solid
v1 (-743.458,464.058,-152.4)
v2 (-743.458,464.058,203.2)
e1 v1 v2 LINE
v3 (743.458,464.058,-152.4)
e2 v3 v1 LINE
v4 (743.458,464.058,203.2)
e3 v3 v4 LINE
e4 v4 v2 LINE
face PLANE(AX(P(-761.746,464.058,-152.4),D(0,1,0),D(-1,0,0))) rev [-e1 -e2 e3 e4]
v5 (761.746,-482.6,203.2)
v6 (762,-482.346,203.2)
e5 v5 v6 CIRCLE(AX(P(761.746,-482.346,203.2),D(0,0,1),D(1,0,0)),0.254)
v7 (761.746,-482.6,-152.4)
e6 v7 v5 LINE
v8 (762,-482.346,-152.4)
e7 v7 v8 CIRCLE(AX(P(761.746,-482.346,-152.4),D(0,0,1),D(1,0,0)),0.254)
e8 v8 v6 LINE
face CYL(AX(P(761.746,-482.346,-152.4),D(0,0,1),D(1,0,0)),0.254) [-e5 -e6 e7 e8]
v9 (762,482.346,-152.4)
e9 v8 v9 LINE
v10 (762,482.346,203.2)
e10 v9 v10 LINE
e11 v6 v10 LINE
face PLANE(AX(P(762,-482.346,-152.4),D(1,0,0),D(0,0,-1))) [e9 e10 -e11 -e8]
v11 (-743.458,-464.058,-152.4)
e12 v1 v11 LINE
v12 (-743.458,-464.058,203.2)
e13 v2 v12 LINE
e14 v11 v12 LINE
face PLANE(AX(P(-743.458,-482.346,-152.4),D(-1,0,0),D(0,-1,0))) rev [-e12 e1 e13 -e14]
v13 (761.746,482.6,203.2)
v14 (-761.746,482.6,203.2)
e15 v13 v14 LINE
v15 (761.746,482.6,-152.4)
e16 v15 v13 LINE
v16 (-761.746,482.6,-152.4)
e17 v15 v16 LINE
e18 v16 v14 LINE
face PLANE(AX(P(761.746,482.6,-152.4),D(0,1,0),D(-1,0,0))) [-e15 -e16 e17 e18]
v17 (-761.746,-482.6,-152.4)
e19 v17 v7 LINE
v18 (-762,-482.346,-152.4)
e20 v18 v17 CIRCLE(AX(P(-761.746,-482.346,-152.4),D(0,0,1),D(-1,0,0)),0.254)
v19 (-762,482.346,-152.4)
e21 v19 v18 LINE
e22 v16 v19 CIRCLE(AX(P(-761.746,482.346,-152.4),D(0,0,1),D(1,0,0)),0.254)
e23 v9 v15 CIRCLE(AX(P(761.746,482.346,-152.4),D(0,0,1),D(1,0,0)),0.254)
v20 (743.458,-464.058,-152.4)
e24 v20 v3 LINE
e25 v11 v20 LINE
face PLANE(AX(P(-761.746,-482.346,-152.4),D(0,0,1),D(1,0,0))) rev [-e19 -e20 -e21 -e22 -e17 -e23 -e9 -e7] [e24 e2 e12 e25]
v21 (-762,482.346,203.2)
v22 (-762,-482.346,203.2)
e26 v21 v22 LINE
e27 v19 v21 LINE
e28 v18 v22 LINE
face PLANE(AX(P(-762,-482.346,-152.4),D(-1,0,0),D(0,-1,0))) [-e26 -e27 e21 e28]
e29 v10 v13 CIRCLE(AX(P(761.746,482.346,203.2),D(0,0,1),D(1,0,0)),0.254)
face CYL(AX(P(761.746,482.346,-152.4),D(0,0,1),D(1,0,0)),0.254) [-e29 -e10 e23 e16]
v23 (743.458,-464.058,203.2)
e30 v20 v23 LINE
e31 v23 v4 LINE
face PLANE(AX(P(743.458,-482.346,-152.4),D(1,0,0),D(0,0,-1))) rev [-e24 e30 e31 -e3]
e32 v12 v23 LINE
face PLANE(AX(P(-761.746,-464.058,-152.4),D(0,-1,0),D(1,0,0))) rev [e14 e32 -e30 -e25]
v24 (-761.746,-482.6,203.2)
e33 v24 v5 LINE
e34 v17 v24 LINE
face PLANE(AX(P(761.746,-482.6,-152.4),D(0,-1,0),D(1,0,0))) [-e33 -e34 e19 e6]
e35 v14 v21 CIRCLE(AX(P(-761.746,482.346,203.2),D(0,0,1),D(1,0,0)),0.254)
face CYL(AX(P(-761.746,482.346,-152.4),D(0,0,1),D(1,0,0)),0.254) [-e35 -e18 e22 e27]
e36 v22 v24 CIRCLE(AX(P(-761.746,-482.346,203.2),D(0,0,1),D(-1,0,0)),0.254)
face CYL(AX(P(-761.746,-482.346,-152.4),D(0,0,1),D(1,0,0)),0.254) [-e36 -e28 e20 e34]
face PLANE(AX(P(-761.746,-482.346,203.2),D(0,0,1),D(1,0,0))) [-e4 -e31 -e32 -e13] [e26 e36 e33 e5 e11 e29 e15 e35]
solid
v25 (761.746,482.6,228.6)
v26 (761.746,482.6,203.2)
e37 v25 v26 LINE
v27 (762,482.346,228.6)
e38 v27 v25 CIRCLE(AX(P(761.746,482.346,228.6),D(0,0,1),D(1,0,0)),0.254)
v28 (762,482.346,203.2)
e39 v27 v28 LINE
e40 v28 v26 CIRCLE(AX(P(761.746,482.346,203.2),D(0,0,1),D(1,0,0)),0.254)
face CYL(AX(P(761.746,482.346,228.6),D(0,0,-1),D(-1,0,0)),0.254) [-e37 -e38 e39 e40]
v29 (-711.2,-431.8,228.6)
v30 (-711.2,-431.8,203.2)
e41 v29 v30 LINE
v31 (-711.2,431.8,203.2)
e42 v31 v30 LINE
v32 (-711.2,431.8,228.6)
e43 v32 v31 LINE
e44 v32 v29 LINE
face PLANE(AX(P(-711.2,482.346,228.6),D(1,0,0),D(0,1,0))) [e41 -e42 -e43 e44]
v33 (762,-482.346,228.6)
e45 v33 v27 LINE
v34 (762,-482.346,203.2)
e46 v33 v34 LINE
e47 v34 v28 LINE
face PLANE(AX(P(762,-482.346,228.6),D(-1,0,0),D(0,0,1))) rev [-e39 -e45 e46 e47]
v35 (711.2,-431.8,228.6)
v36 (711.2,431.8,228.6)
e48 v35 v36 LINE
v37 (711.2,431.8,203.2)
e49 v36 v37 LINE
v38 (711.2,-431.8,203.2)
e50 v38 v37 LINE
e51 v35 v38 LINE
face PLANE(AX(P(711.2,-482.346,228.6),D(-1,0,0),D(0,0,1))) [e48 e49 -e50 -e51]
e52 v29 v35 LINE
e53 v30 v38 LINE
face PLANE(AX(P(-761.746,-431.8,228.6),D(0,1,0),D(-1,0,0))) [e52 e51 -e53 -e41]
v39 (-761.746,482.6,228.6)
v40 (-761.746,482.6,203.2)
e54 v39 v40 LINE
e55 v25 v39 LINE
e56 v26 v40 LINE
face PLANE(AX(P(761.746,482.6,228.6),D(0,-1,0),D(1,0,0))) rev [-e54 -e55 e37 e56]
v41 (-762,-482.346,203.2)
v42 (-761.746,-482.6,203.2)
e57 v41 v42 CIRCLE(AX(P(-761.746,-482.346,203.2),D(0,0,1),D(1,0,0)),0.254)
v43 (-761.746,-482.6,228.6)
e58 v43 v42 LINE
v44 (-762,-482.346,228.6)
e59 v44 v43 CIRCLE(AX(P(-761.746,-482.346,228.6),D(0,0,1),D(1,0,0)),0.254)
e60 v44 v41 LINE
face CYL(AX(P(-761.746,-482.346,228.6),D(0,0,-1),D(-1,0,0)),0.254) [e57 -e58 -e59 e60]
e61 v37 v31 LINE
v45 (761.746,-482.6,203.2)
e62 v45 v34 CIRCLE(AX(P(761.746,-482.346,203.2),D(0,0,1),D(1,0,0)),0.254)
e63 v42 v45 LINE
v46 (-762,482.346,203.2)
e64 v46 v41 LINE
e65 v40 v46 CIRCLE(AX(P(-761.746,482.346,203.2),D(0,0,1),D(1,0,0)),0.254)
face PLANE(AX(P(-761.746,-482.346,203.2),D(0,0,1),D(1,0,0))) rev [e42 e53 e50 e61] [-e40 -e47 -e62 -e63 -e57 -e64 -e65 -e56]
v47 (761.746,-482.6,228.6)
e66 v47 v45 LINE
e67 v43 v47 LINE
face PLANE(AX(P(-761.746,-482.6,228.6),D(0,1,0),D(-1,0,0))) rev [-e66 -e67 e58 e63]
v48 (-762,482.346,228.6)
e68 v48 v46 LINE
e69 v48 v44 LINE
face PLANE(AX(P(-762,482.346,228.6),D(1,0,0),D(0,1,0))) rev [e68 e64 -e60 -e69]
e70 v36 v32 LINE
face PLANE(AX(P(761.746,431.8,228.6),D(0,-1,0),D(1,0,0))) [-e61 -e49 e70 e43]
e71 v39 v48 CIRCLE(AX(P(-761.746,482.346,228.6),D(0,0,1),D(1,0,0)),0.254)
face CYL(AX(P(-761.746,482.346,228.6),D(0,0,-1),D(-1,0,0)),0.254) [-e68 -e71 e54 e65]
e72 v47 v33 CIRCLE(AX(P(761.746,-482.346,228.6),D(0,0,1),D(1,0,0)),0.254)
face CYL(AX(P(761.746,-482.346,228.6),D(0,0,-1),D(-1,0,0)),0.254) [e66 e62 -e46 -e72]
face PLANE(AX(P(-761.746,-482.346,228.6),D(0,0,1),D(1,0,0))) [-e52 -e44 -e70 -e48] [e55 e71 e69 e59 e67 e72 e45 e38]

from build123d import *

# Parameters (mm, degrees)
EXTRUDE_THIN1_DEPTH      = 203.2
EXTRUDE_THIN1_DEPTH_BACK = 152.4
SKETCH1_W                = 1486.916
SKETCH1_H                = 928.116
SKETCH2_W                = 1422.4
SKETCH2_H                = 863.6
EXTRUDE_THIN2_DEPTH      = 25.4


with BuildPart() as part:
    # Sketch1 → Extrude-Thin1 (new, two sides: drawn at the far end of the back side and taken through both)
    with BuildSketch(Plane.XY.offset(-EXTRUDE_THIN1_DEPTH_BACK)):
        with BuildLine():
            Line((-761.746, 482.6), (761.746, 482.6))
            ThreePointArc((761.746, 482.6), (761.925605122, 482.525605122), (762, 482.346))
            Line((762, 482.346), (762, -482.346))
            ThreePointArc((762, -482.346), (761.925605123, -482.525605123), (761.746, -482.6))
            Line((761.746, -482.6), (-761.746, -482.6))
            ThreePointArc((-761.746, -482.6), (-761.925605122, -482.525605122), (-762, -482.346))
            Line((-762, -482.346), (-762, 482.346))
            ThreePointArc((-762, 482.346), (-761.925605122, 482.525605122), (-761.746, 482.6))
        make_face()
        Rectangle(SKETCH1_W, SKETCH1_H, mode=Mode.SUBTRACT)
    extrude(amount=EXTRUDE_THIN1_DEPTH + EXTRUDE_THIN1_DEPTH_BACK)


with BuildPart() as body_2:
    # Sketch2 → Extrude-Thin2 (new body)
    with BuildSketch(Plane.XY.offset(203.2)):
        with BuildLine():
            Line((-762, 482.346), (-762, -482.346))
            ThreePointArc((-762, -482.346), (-761.925605122, -482.525605123), (-761.746, -482.6))
            Line((-761.746, -482.6), (761.746, -482.6))
            ThreePointArc((761.746, -482.6), (761.925605122, -482.525605122), (762, -482.346))
            Line((762, -482.346), (762, 482.346))
            ThreePointArc((762, 482.346), (761.925605122, 482.525605122), (761.746, 482.6))
            Line((761.746, 482.6), (-761.746, 482.6))
            ThreePointArc((-761.746, 482.6), (-761.925605122, 482.525605122), (-762, 482.346))
        make_face()
        Rectangle(SKETCH2_W, SKETCH2_H, mode=Mode.SUBTRACT)
    extrude(amount=EXTRUDE_THIN2_DEPTH)


solid = Compound([part.part, body_2.part])
